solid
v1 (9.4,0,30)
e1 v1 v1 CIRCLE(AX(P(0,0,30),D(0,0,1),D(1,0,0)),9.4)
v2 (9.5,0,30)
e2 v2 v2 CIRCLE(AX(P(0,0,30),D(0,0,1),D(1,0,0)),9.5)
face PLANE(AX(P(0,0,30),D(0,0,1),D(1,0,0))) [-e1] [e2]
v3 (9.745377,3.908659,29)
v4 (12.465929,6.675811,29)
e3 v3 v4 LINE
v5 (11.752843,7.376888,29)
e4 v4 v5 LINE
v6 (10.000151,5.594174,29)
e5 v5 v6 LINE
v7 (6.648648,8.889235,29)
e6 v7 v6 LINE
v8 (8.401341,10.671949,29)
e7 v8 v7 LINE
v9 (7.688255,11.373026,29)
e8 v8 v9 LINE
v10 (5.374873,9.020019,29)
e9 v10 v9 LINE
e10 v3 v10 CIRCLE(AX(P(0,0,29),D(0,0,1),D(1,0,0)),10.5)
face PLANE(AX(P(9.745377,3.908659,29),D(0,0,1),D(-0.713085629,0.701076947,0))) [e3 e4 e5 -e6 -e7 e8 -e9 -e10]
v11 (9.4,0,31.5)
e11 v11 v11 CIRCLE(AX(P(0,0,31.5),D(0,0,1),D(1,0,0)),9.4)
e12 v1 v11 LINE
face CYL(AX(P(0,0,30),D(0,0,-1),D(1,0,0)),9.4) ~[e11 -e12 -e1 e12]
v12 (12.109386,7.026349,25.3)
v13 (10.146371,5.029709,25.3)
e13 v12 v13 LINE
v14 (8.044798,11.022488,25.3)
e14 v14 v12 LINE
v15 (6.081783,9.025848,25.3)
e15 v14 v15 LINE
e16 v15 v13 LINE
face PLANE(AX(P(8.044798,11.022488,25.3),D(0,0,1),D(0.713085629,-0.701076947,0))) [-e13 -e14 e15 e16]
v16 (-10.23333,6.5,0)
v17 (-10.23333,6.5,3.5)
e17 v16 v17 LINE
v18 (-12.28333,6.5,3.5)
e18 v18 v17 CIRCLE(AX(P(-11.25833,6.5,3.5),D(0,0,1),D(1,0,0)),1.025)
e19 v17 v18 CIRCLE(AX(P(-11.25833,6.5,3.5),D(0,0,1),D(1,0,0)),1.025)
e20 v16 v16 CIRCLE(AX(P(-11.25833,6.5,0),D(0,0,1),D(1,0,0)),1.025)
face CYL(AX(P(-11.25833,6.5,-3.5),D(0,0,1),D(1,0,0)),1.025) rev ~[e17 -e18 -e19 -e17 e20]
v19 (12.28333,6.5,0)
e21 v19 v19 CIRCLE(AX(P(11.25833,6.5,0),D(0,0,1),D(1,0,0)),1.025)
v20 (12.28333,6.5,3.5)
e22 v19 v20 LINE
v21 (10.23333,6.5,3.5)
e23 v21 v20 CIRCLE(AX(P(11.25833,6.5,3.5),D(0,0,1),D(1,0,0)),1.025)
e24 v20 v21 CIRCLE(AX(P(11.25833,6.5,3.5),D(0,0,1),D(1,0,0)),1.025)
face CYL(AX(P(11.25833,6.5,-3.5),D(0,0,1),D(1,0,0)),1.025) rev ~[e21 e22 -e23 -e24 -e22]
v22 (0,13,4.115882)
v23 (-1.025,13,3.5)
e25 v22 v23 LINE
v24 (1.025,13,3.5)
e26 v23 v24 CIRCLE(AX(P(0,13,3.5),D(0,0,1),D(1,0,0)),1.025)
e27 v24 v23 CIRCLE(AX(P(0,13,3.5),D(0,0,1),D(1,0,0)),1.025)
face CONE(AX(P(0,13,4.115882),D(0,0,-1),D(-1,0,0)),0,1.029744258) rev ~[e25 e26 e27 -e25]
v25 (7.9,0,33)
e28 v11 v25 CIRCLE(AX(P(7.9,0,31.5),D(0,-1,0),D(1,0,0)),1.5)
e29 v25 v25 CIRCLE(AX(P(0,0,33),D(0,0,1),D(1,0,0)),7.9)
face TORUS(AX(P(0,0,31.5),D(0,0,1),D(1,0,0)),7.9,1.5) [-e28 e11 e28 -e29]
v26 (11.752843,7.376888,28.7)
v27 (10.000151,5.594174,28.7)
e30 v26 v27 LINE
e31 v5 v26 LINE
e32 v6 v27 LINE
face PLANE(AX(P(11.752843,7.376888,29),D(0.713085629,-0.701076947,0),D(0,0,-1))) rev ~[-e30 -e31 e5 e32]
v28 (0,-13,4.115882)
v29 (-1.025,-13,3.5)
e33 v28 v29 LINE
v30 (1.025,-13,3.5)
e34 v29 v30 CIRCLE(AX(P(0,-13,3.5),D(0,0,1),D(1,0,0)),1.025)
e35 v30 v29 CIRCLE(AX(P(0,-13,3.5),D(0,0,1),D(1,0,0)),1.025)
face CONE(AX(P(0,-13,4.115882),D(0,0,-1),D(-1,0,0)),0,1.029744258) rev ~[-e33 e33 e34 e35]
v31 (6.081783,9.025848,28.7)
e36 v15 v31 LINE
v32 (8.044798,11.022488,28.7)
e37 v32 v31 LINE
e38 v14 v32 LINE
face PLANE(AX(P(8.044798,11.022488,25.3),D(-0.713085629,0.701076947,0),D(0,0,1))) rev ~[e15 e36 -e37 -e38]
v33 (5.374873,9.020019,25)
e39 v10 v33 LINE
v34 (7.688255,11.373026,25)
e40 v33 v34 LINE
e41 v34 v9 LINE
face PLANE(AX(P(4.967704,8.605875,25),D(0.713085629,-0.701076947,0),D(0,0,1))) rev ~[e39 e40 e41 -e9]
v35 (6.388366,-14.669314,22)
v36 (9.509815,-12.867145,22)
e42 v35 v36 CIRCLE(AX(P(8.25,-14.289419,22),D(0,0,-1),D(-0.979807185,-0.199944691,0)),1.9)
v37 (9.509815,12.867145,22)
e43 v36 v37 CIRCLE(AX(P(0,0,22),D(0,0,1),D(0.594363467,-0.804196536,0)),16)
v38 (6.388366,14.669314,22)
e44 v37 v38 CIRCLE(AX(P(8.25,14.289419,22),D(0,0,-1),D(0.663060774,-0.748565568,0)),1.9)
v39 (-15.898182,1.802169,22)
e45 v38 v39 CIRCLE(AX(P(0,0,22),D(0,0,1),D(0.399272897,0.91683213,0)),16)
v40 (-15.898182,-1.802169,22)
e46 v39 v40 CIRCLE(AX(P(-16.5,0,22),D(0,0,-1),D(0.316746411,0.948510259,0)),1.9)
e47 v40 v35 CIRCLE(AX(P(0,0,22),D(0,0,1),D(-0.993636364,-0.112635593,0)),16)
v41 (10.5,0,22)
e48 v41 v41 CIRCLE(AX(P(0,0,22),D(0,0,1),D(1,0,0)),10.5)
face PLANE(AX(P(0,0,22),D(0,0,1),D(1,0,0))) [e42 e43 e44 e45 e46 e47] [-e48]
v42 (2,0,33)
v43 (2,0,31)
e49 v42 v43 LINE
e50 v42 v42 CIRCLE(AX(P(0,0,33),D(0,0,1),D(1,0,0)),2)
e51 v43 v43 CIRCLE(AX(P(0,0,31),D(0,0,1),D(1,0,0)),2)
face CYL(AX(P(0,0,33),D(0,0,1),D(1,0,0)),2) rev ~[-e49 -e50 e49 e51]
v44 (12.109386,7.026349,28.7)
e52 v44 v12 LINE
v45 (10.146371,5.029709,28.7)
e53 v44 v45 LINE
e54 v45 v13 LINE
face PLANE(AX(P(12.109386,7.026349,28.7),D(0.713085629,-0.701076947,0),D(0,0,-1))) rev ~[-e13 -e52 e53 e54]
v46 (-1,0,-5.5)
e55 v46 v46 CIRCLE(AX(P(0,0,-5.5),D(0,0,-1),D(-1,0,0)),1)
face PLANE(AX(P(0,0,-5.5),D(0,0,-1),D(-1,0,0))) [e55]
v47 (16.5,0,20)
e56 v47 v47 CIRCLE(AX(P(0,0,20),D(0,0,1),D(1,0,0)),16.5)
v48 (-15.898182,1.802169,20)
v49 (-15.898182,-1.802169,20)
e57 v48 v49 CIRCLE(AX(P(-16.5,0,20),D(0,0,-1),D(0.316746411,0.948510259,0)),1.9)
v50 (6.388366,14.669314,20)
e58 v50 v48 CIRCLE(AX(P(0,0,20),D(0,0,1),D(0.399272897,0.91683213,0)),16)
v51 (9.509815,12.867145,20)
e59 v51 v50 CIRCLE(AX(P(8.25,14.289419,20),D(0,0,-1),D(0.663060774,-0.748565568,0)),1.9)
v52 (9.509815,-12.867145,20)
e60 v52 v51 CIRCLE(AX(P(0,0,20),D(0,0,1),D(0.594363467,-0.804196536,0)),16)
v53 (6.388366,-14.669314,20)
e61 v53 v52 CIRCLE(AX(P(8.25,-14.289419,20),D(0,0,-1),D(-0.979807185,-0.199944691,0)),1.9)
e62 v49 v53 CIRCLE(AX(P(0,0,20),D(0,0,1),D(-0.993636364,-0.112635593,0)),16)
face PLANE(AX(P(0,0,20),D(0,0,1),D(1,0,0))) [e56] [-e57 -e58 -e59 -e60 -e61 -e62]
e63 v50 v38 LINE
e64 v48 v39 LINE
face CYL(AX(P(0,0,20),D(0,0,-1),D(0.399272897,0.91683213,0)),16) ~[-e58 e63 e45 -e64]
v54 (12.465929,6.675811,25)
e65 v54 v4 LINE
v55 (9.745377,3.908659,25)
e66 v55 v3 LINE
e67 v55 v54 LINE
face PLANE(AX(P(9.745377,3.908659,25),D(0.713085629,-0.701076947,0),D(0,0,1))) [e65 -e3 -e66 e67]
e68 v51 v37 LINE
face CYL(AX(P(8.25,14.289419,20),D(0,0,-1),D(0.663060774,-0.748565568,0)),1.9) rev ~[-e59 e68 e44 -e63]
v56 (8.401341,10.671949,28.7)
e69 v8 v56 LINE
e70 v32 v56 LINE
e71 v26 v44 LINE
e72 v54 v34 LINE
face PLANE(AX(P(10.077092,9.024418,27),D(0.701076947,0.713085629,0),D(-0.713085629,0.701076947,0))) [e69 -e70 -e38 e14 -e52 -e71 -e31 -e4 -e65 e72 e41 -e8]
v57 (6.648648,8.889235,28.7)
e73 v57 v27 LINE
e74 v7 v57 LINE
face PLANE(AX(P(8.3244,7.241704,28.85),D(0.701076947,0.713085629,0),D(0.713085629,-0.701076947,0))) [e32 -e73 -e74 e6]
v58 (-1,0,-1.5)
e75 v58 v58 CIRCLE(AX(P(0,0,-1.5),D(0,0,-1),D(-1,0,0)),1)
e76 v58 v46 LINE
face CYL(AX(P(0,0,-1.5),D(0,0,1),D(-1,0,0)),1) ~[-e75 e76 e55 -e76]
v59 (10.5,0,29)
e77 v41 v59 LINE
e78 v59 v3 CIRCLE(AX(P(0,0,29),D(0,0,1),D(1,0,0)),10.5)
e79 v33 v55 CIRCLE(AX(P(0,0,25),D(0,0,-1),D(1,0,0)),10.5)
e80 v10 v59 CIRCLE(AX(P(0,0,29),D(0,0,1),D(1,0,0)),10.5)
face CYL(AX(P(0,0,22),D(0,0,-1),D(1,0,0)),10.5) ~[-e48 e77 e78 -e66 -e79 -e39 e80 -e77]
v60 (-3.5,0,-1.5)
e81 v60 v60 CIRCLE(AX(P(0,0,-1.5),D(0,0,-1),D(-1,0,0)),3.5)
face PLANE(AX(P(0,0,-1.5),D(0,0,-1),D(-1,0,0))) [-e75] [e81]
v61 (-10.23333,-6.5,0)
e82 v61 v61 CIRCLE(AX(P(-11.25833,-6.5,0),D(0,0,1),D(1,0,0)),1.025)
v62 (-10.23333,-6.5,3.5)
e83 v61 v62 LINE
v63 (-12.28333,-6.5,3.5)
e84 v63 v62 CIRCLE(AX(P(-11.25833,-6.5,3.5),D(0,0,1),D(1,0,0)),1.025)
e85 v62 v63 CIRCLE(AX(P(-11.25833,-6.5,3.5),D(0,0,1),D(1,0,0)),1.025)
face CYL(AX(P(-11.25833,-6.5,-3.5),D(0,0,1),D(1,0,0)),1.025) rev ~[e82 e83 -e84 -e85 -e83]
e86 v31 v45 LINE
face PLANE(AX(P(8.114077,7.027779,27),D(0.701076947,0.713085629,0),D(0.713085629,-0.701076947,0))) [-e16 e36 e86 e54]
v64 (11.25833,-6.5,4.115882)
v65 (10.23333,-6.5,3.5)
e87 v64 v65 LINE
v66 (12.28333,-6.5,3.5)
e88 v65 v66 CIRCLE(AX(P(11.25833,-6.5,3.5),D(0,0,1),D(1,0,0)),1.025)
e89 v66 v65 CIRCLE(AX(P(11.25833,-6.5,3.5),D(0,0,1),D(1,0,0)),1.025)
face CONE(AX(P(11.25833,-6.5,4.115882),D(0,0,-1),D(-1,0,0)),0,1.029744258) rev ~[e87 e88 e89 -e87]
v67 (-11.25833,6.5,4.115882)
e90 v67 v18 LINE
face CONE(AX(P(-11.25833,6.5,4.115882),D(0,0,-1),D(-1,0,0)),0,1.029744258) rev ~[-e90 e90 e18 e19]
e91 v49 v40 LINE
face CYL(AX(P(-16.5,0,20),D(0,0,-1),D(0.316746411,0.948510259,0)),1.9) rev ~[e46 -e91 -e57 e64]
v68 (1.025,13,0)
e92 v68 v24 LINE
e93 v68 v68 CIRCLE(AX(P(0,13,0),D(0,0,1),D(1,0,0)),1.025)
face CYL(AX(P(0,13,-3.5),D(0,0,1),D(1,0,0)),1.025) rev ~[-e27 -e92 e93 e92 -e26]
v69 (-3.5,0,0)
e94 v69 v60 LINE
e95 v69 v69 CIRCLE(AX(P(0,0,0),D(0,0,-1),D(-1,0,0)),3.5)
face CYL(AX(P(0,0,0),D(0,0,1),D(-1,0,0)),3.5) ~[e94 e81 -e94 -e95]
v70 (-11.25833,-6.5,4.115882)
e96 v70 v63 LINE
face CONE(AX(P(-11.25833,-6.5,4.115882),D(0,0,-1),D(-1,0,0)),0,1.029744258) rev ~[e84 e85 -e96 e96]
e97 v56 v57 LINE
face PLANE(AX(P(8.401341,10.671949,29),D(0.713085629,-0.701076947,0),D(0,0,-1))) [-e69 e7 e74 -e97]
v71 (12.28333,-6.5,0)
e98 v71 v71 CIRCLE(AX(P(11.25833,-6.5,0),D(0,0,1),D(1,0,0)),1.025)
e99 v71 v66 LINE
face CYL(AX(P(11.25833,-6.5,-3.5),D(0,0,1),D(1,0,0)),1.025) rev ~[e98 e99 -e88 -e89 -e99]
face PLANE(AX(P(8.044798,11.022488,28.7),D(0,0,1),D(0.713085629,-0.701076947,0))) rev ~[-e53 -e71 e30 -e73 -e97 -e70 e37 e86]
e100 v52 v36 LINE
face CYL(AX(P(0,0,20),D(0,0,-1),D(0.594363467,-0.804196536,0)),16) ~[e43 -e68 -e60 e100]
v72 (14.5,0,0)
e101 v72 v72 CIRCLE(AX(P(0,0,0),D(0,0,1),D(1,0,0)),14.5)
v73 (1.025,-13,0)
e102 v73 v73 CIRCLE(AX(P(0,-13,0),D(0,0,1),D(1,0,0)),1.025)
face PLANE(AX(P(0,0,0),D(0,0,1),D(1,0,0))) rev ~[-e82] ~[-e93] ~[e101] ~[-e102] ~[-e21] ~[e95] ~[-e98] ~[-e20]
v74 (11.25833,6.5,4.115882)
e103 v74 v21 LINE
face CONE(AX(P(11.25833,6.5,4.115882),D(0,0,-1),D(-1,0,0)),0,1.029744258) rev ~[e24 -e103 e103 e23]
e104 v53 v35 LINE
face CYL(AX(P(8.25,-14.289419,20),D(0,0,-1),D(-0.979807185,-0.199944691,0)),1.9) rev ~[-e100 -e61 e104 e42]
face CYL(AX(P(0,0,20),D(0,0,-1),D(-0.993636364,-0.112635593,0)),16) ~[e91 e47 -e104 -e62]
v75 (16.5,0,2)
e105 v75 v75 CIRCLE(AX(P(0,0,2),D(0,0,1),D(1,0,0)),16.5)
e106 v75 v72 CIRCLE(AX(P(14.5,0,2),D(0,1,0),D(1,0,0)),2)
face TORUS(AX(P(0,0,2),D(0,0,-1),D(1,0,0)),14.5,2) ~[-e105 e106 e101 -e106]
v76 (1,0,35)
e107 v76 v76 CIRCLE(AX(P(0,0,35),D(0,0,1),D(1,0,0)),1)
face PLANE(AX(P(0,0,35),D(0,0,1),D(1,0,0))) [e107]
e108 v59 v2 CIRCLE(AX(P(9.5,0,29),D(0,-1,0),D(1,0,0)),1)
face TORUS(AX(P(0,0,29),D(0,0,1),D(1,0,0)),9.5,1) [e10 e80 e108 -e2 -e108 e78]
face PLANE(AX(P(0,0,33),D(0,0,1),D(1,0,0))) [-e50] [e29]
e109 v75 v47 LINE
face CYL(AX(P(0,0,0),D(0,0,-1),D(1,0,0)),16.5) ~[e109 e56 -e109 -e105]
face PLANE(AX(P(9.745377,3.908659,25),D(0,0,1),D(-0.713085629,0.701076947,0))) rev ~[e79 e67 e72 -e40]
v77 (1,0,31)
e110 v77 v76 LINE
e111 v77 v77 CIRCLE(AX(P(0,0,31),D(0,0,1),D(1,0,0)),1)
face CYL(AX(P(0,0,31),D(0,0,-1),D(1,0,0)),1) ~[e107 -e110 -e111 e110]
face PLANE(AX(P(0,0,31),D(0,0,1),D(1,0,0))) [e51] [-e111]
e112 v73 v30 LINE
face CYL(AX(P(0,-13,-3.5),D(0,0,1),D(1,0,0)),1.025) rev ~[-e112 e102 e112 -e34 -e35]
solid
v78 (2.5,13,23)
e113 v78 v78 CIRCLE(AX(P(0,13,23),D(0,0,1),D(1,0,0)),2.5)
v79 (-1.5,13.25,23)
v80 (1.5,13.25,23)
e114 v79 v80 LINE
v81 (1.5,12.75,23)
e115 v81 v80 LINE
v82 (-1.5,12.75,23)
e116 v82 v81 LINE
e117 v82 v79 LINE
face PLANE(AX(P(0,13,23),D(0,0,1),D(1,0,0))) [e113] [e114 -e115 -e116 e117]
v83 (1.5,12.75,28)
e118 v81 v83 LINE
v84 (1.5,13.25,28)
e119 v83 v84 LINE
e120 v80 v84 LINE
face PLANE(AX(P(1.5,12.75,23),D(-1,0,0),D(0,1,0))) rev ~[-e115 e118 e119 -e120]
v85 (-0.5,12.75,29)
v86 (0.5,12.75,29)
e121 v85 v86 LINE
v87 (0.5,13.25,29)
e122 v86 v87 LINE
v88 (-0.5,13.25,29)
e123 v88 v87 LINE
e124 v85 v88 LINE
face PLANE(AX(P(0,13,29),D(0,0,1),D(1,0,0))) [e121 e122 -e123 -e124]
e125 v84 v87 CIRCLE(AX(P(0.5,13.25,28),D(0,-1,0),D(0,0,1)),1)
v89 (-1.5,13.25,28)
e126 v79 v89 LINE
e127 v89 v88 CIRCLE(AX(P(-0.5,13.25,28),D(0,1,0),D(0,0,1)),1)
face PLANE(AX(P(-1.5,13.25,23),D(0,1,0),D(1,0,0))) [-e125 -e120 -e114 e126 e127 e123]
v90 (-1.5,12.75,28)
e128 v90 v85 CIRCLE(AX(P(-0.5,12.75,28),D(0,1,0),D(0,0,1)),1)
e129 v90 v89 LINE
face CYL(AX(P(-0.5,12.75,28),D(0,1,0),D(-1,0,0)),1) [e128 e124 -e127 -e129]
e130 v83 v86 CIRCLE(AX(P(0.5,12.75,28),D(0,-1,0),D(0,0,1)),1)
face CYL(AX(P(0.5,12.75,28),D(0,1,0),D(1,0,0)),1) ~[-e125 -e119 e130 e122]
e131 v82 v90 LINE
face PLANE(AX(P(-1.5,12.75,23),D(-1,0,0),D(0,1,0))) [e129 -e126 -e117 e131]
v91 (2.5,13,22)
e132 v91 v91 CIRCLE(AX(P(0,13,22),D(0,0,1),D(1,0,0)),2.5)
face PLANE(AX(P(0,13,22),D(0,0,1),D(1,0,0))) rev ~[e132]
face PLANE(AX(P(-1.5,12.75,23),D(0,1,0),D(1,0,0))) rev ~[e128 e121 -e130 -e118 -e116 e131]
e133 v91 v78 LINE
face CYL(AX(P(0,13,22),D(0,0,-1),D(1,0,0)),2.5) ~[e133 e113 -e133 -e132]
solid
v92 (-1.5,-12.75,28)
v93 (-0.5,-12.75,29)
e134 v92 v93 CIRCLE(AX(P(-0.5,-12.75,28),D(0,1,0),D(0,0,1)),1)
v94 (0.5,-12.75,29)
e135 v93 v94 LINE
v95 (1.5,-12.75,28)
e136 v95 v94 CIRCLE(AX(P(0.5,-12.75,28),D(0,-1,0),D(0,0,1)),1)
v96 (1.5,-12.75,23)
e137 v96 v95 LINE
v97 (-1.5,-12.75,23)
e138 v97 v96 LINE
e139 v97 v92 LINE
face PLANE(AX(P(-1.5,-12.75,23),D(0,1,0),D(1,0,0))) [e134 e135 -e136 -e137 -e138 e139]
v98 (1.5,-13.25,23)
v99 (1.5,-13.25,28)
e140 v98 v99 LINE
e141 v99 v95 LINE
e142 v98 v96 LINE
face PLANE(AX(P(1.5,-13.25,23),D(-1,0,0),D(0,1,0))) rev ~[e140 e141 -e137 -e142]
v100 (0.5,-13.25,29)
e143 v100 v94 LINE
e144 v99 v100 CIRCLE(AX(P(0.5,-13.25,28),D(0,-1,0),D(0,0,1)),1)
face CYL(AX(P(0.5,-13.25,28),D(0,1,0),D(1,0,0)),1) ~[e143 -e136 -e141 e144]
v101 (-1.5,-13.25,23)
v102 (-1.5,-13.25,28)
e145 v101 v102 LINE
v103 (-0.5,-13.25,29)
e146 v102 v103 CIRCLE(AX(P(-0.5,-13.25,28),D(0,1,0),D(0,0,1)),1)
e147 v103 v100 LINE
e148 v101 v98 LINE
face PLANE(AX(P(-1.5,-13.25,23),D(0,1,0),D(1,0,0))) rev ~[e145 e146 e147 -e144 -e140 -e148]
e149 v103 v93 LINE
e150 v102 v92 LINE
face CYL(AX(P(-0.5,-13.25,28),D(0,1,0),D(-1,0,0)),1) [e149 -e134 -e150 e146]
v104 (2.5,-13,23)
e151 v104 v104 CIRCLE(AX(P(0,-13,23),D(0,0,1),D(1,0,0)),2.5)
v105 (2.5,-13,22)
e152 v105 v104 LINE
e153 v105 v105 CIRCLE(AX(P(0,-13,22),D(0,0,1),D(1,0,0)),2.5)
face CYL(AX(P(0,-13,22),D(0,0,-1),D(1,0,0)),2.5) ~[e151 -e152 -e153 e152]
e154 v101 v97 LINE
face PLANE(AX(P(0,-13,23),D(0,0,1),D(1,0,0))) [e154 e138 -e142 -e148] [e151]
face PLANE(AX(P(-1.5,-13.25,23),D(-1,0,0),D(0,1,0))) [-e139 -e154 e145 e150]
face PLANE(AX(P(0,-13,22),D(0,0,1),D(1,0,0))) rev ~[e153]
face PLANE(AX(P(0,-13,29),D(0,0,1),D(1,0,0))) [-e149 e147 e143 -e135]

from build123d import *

# Parameters (mm, degrees)
ESBO_O1_R                        = 16.5
RESSALTO_EXTRUS_O1_DEPTH         = 20
ESBO_O4_R                        = 3.5
RESSALTO_EXTRUS_O4_DEPTH         = 1.5
ESBO_O14_R                       = 1
RESSALTO_EXTRUS_O7_DEPTH         = 4
FURO_ROSCADO_DE_M2_5X0_451_D     = 2.05
FURO_ROSCADO_DE_M2_5X0_451_DEPTH = 3.5
FURO_ROSCADO_DE_M2_5X0_451_TIP   = 0.615882135
FILETE1_R                        = 2
RESSALTO_EXTRUS_O9_DEPTH         = 2
ESBO_O18_R                       = 10.5
RESSALTO_EXTRUS_O10_DEPTH        = 8
FILETE2_R                        = 1
ESBO_O19_R                       = 9.4
RESSALTO_EXTRUS_O11_DEPTH        = 3
FILETE3_R                        = 1.5
ESBO_O20_R                       = 2
CORTE_EXTRUS_O1_DEPTH            = 2
ESBO_O21_R                       = 1
RESSALTO_EXTRUS_O13_DEPTH        = 4
ESBO_O22_R                       = 2.5
RESSALTO_EXTRUS_O15_DEPTH        = 1
RESSALTO_EXTRUS_O15_2_DEPTH      = 1
ESBO_O23_W                       = 3
ESBO_O23_H                       = 0.5
RESSALTO_EXTRUS_O16_DEPTH        = 6
FILETE4_R                        = 1
FILETE5_R                        = 1
RESSALTO_EXTRUS_O17_START        = -0.880532
ESBO_O24_W                       = 6.7
ESBO_O24_H                       = 4
RESSALTO_EXTRUS_O17_DEPTH        = 3.880532
ESBO_O25_W                       = 5.7
ESBO_O25_H                       = 3
ESBO_O25_H_2                     = 0.2
CORTE_EXTRUS_O2_DEPTH            = 2.8
ESBO_O26_W                       = 4.7
ESBO_O26_H                       = 0.3
CORTE_EXTRUS_O3_DEPTH            = 2.5


with BuildPart() as part:
    # Esboço1 → Ressalto-extrusão1 (new body)
    with BuildSketch(Plane.XY):
        Circle(ESBO_O1_R)
    extrude(amount=RESSALTO_EXTRUS_O1_DEPTH)

    # Esboço4 → Ressalto-extrusão4 (add)
    with BuildSketch(Plane(origin=(0, 0, 0), x_dir=(-1, 0, 0), z_dir=(0, 0, -1))):
        Circle(ESBO_O4_R)
    extrude(amount=RESSALTO_EXTRUS_O4_DEPTH)

    # Esboço14 → Ressalto-extrusão7 (add)
    with BuildSketch(Plane(origin=(0, 0, -1.5), x_dir=(-1, 0, 0), z_dir=(0, 0, -1))):
        Circle(ESBO_O14_R)
    extrude(amount=RESSALTO_EXTRUS_O7_DEPTH)

    # Furo roscado de M2.5x0.451
    with Locations(Plane(origin=(0, 0, 0), x_dir=(-1, 0, 0), z_dir=(0, 0, -1))):
        with Locations((11.258330249, -6.5), (0, 13), (-11.258330249, -6.5), (11.258330249, 6.5), (0, -13), (-11.258330249, 6.5)):
            Hole(FURO_ROSCADO_DE_M2_5X0_451_D / 2, depth=FURO_ROSCADO_DE_M2_5X0_451_DEPTH)
            with Locations((0, 0, -(FURO_ROSCADO_DE_M2_5X0_451_DEPTH + FURO_ROSCADO_DE_M2_5X0_451_TIP / 2))):  # 118° drill point
                Cone(0, FURO_ROSCADO_DE_M2_5X0_451_D / 2, FURO_ROSCADO_DE_M2_5X0_451_TIP, mode=Mode.SUBTRACT)

    # Filete1
    filete1_edges = [part.edges().sort_by_distance(p)[0] for p in [
        (-16.5, 0, 0),
    ]]
    fillet(filete1_edges, radius=FILETE1_R)

    # Esboço17 → Ressalto-extrusão9 (add)
    with BuildSketch(Plane.XY.offset(20)):
        with BuildLine():
            ThreePointArc((6.388366348, -14.669314074), (7.3, -12.643970895), (9.509815471, -12.867144583))
            ThreePointArc((9.509815471, -12.867144583), (16, 0), (9.509815471, 12.867144583))
            ThreePointArc((9.509815471, 12.867144583), (7.3, 12.643970895), (6.388366348, 14.669314074))
            ThreePointArc((6.388366348, 14.669314074), (-8, 13.856406461), (-15.898181818, 1.802169491))
            ThreePointArc((-15.898181818, 1.802169491), (-14.6, 0), (-15.898181818, -1.802169491))
            ThreePointArc((-15.898181818, -1.802169491), (-8, -13.856406461), (6.388366348, -14.669314074))
        make_face()
    extrude(amount=RESSALTO_EXTRUS_O9_DEPTH)

    # Esboço18 → Ressalto-extrusão10 (add)
    with BuildSketch(Plane.XY.offset(22)):
        Circle(ESBO_O18_R)
    extrude(amount=RESSALTO_EXTRUS_O10_DEPTH)

    # Filete2
    filete2_edges = [part.edges().sort_by_distance(p)[0] for p in [
        (-10.5, 0, 30),
    ]]
    fillet(filete2_edges, radius=FILETE2_R)

    # Esboço19 → Ressalto-extrusão11 (add)
    with BuildSketch(Plane.XY.offset(30)):
        Circle(ESBO_O19_R)
    extrude(amount=RESSALTO_EXTRUS_O11_DEPTH)

    # Filete3
    filete3_edges = [part.edges().sort_by_distance(p)[0] for p in [
        (-9.4, 0, 33),
    ]]
    fillet(filete3_edges, radius=FILETE3_R)

    # Esboço20 → Corte-extrusão1 (cut)
    with BuildSketch(Plane.XY.offset(33)):
        Circle(ESBO_O20_R)
    extrude(amount=-CORTE_EXTRUS_O1_DEPTH, mode=Mode.SUBTRACT)

    # Esboço21 → Ressalto-extrusão13 (add)
    with BuildSketch(Plane.XY.offset(31)):
        Circle(ESBO_O21_R)
    extrude(amount=RESSALTO_EXTRUS_O13_DEPTH)

    # Esboço24 → Ressalto-extrusão17 (add)
    with BuildSketch(Plane(origin=(7.361307949, 7.4873991, 0), x_dir=(-0.713085629, 0.701076947, 0), z_dir=(0.701076947, 0.713085629, 0)).offset(RESSALTO_EXTRUS_O17_START)):
        with Locations((-0.859017769, 27)):
            Rectangle(ESBO_O24_W, ESBO_O24_H)
    extrude(amount=RESSALTO_EXTRUS_O17_DEPTH)

    # Esboço25 → Corte-extrusão2 (cut)
    with BuildSketch(Plane(origin=(9.464538791, 9.626655986, 0), x_dir=(0.713085629, -0.701076947, 0), z_dir=(0.701076947, 0.713085629, 0))):
        with Locations((0.859017769, -27)):
            Rectangle(ESBO_O25_W, ESBO_O25_H)
        with Locations((0.859017769, -28.6)):
            Rectangle(ESBO_O25_W, ESBO_O25_H_2)
        with Locations((0.859017769, -25.4)):
            Rectangle(ESBO_O25_W, ESBO_O25_H_2)
    extrude(amount=-CORTE_EXTRUS_O2_DEPTH, mode=Mode.SUBTRACT)

    # Esboço26 → Corte-extrusão3 (cut)
    with BuildSketch(Plane(origin=(9.464538791, 9.626655986, 0), x_dir=(0.713085629, -0.701076947, 0), z_dir=(0.701076947, 0.713085629, 0))):
        with Locations((0.859017769, -28.85)):
            Rectangle(ESBO_O26_W, ESBO_O26_H)
    extrude(amount=-CORTE_EXTRUS_O3_DEPTH, mode=Mode.SUBTRACT)


with BuildPart() as body_2:
    # Esboço22 → Ressalto-extrusão15 (new body)
    with BuildSketch(Plane.XY.offset(22)):
        with Locations((0, 13)):
            Circle(ESBO_O22_R)
    extrude(amount=RESSALTO_EXTRUS_O15_DEPTH)



with BuildPart() as body_3:
    # Esboço22 → Ressalto-extrus_o15 2 (new body)
    with BuildSketch(Plane.XY.offset(22)):
        with Locations((0, -13)):
            Circle(ESBO_O22_R)
    extrude(amount=RESSALTO_EXTRUS_O15_2_DEPTH)


with BuildPart() as body_2_1:
    add(body_2.part)

    add(body_3.part)  # Ressalto-extrusão16 merges body 3
    # Esboço23 → Ressalto-extrusão16 (add)
    with BuildSketch(Plane.XY.offset(23)):
        with Locations((0, -13)):
            Rectangle(ESBO_O23_W, ESBO_O23_H)
        with Locations((0, 13)):
            Rectangle(ESBO_O23_W, ESBO_O23_H)
    extrude(amount=RESSALTO_EXTRUS_O16_DEPTH)

    # Filete4
    filete4_edges = [body_2_1.edges().sort_by_distance(p)[0] for p in [
        (-1.5, -13, 29),
        (1.5, -13, 29),
    ]]
    fillet(filete4_edges, radius=FILETE4_R)

    # Filete5
    filete5_edges = [body_2_1.edges().sort_by_distance(p)[0] for p in [
        (-1.5, 13, 29),
        (1.5, 13, 29),
    ]]
    fillet(filete5_edges, radius=FILETE5_R)


solid = Compound([part.part, body_2_1.part])
